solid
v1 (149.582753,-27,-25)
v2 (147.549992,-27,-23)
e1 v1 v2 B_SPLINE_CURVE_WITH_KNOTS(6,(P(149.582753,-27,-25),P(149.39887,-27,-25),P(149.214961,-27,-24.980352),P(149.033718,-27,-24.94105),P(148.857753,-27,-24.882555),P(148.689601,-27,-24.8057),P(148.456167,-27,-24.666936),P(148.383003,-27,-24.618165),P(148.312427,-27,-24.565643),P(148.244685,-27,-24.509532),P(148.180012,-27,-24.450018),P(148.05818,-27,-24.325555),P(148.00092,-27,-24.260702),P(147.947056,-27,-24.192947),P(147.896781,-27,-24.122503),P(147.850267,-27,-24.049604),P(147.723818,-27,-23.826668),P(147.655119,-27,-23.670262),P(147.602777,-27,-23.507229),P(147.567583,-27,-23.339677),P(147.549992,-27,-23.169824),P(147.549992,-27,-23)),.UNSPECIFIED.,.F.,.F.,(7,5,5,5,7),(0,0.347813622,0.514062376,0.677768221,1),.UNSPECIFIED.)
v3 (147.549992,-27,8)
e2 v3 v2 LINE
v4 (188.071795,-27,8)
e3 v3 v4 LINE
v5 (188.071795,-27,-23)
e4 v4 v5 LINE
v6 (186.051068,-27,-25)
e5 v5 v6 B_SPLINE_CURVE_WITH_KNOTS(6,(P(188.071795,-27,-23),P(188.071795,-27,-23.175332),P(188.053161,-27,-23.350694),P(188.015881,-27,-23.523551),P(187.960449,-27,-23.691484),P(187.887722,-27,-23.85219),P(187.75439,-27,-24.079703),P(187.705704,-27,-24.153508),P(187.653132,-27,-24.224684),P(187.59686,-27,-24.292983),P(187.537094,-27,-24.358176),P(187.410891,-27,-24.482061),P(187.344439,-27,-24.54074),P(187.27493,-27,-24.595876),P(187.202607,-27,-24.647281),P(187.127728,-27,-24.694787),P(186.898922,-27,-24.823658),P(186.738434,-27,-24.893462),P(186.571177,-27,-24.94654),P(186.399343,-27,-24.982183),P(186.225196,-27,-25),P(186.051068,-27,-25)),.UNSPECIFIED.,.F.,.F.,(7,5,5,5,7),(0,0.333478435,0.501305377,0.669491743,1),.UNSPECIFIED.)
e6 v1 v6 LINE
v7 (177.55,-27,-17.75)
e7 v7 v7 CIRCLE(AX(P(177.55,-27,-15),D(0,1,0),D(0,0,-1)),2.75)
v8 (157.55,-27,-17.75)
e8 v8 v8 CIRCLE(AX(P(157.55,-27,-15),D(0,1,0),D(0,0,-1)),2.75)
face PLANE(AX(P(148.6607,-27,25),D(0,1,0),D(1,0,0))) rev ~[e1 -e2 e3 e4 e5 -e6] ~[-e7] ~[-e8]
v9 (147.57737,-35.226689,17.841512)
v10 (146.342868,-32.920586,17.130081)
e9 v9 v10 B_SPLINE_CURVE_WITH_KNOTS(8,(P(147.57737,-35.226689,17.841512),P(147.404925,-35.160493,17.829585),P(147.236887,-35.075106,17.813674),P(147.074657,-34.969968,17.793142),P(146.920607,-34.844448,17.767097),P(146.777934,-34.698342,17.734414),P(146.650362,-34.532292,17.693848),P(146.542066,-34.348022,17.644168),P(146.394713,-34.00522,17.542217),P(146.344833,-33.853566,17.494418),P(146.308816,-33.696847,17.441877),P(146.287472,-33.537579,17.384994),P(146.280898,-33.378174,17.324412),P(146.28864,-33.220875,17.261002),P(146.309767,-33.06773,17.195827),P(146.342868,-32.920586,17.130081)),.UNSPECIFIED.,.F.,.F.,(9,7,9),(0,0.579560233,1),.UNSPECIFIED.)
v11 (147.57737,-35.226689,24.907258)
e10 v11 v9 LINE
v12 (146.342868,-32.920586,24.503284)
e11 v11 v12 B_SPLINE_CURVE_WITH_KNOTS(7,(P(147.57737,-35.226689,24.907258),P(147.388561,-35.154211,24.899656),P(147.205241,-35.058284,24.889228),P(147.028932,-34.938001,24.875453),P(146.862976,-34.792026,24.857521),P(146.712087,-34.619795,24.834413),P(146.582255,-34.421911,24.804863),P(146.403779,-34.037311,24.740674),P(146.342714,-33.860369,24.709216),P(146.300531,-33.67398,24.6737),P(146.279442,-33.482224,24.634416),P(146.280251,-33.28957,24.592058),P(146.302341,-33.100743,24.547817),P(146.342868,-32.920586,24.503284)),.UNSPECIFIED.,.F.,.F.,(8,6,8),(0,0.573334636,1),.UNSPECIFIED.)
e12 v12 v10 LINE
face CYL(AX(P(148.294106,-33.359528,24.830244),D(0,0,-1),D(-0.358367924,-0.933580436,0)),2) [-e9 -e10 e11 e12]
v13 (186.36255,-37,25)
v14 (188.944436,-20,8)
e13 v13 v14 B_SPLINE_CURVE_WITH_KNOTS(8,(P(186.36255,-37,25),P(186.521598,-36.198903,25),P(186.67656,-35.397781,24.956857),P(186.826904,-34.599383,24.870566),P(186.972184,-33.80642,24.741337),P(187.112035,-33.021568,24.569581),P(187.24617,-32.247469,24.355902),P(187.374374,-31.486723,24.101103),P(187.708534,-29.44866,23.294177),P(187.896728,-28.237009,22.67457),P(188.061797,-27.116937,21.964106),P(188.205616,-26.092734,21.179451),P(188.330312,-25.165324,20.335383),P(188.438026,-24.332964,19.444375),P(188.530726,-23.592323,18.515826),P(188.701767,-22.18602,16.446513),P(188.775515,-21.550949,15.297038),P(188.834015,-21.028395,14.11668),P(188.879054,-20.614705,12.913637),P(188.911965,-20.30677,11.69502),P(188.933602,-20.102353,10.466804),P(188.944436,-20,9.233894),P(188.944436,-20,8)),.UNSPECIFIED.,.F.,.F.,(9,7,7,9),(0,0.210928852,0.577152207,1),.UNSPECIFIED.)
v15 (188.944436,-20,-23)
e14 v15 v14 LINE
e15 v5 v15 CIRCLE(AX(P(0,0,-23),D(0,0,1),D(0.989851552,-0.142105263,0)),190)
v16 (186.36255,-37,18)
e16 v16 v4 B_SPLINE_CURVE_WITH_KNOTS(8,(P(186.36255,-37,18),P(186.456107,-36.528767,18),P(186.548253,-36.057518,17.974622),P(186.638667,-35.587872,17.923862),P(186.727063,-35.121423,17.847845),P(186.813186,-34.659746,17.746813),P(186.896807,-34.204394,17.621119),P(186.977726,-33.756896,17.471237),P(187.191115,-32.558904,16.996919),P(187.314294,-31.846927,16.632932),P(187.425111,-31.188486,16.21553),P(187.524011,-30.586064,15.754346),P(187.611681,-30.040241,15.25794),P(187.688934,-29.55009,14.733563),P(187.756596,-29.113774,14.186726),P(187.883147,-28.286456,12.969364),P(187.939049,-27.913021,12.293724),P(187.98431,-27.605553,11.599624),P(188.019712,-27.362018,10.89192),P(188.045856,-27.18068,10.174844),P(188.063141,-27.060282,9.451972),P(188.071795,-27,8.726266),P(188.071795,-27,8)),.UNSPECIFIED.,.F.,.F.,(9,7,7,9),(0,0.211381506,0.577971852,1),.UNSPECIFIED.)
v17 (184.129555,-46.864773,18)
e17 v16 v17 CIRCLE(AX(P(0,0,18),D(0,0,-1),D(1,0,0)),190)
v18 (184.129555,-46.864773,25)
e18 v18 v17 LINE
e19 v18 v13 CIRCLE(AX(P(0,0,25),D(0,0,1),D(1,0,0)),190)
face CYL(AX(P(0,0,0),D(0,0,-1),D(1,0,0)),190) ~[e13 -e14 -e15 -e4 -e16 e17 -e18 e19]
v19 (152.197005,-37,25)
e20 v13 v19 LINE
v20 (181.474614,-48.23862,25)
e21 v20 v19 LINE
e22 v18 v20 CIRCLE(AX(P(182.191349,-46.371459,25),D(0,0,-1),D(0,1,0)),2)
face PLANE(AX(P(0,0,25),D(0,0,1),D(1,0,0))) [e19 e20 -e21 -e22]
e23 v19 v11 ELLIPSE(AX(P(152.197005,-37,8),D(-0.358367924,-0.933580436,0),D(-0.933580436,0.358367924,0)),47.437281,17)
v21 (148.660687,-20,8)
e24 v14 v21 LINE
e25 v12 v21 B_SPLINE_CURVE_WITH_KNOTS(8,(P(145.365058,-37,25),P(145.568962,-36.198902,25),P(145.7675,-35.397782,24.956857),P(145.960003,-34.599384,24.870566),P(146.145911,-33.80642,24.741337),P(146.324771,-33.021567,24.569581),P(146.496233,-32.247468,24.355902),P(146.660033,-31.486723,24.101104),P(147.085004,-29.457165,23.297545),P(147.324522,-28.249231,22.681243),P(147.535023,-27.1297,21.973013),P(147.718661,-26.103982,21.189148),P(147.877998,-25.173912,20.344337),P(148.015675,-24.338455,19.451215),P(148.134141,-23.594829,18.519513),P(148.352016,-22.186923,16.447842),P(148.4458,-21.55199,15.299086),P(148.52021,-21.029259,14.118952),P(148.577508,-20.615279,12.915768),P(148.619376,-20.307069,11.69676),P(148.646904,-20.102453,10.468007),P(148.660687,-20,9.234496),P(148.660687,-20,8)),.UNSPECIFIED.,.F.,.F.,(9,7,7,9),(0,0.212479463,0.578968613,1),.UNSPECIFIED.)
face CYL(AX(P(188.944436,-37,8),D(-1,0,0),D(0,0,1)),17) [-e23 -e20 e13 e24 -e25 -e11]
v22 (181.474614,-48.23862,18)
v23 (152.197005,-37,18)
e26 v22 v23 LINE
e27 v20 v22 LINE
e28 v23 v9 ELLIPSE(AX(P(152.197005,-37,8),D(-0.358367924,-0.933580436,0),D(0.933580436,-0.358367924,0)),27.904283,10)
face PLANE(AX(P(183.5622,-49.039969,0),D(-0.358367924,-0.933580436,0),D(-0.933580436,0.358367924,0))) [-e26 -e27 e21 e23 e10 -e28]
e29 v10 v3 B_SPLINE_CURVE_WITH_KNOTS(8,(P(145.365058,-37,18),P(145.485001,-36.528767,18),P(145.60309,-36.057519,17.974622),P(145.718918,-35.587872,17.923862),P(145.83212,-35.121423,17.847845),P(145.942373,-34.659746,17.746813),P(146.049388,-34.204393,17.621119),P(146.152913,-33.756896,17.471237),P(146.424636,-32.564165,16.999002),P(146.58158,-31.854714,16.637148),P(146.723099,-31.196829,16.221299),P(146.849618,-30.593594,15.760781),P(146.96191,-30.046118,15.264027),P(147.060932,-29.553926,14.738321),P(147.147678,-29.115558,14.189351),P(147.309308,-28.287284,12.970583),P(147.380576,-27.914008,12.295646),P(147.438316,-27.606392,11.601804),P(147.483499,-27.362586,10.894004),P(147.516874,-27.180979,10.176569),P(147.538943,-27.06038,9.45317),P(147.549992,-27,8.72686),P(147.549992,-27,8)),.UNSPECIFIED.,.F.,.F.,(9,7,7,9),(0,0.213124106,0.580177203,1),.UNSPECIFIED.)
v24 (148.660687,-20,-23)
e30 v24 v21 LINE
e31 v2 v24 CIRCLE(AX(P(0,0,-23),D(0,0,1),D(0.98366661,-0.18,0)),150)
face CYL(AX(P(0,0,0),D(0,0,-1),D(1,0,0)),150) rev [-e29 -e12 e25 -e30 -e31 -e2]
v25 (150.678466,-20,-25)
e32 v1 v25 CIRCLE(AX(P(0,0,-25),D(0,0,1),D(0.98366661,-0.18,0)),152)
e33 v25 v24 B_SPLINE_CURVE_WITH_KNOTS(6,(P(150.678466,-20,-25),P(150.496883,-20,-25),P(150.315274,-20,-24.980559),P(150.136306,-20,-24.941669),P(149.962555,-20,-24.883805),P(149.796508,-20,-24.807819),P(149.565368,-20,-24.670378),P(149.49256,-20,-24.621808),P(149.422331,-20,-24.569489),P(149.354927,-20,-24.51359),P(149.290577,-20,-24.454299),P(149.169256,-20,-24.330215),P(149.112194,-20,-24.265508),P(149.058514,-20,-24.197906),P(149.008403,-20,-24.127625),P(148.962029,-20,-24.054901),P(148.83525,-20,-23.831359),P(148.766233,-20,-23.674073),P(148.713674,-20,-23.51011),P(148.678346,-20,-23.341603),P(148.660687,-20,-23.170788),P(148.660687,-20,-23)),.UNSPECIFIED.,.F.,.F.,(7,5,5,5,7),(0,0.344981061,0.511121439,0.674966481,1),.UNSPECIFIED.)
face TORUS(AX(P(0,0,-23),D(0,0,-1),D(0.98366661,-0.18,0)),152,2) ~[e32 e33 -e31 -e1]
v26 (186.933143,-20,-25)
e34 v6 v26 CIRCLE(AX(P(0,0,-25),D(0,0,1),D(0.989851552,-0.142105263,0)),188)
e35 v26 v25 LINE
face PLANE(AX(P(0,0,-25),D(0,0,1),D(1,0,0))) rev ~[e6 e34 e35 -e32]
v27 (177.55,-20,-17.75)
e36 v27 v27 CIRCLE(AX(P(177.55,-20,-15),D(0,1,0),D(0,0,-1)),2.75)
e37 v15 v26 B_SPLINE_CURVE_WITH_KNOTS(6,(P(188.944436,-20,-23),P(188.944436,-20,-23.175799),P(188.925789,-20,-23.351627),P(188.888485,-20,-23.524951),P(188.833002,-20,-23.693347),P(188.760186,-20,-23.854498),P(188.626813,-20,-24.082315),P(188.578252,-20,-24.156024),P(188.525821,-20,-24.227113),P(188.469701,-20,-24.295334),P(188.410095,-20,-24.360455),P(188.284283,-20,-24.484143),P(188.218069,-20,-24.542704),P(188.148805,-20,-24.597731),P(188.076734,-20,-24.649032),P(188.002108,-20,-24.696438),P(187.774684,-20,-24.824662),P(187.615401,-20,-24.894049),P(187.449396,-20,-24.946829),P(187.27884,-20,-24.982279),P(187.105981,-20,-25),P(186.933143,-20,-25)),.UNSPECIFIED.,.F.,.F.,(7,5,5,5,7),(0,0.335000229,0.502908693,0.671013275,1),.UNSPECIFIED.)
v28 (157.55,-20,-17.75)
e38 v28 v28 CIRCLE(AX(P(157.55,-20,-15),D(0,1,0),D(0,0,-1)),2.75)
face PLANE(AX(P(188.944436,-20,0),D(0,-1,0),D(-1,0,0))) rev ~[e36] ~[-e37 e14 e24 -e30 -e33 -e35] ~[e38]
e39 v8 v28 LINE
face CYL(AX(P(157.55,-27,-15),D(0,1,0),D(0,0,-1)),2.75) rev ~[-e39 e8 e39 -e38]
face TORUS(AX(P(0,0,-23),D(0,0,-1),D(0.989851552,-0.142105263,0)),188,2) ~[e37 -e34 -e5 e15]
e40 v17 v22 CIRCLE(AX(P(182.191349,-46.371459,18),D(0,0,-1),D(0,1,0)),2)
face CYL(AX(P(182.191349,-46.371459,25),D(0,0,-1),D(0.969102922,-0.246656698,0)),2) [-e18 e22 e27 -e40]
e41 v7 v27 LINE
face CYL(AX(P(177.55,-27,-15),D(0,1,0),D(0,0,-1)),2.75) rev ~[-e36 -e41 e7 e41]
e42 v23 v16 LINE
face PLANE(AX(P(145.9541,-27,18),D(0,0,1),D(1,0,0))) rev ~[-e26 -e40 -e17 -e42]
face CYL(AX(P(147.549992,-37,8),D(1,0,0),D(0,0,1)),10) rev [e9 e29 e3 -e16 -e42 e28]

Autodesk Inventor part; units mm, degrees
ref_plane "YZ Plane" through (0, 0, 0) normal (1, 0, 0) x (0, 1, 0)
ref_plane "XZ Plane" through (0, 0, 0) normal (0, 1, 0) x (-1, 0, 0)
ref_plane "XY Plane" through (0, 0, 0) normal (0, 0, 1) x (1, 0, 0)
sketch "スケッチ1" plane through (0, 0, 0) normal (0, 0, 1) x (1, 0, 0)
  line L0 (0, 0) -> (410.7754, -157.6819) construction
  line L1 (0, 0) -> (440, 0) construction
  line L2 (460, -20) -> (-20, -20)
  line L3 (-20, -20) -> (-20, 20) construction
  line L4 (-20, 20) -> (460, 20) construction
  line L5 (460, 20) -> (460, -20) construction
  line L6 (460, -20) -> (-20, 20) construction
  line L7 (-20, -20) -> (460, 20) construction
  line L8 (-25.839, -11.5042) -> (422.2796, -183.5209) construction
  line L9 (422.2796, -183.5209) -> (436.6144, -146.1776) construction
  line L10 (436.6144, -146.1776) -> (-11.5042, 25.839)
  line L11 (-11.5042, 25.839) -> (-25.839, -11.5042) construction
  line L12 (-25.839, -11.5042) -> (436.6144, -146.1776) construction
  line L13 (422.2796, -183.5209) -> (-11.5042, 25.839) construction
  circle A0 centre (0, 0) radius 150
  circle A1 centre (0, 0) radius 190
  point P0 (220, 0)
  point P1 (205.3877, -78.8409)
  point P2 (183.5622, -49.04)
  point P3 (188.9444, -20)
  point P4 (148.6607, -20)
  point P5 (145.9541, -34.6036)
  dimension "d0" = 159
  dimension "d1" = 440
  dimension "d2" = 440
  dimension "d3" = 40
  dimension "d4" = 480
  dimension "d5" = 480
  dimension "d6" = 40
  dimension "d7" = 20
  dimension "d8" = 300
  dimension "d30" = 40
extrude "押し出し1" add sketch "スケッチ1" along normal mid plane 50 contours A1 L10 A0 L2 picked at (173.5094, -32.9975)
ref_plane "作業平面1" through (148.6607, -27, 25) normal (0, 1, 0) x (1, 0, 0)
sketch "スケッチ2" plane through (148.6607, -27, 25) normal (0, 1, 0) x (1, 0, 0)
  line L0 (-2.7066, 7) -> (40.2837, 7)
  line L1 (40.2837, 7) -> (40.2837, 50)
  line L2 (40.2837, 50) -> (-2.7066, 50)
  line L3 (-2.7066, 50) -> (-2.7066, 7)
  line L4 (40.2837, 0) -> (0, 0) projected
  line L5 (-2.7066, 50) -> (0, 50) projected
  line L6 (40.2837, 50) -> (34.9015, 50) projected
  point P0 (-148.6607, 25)
  dimension "d13" = 7
extrude "押し出し2" cut sketch "スケッチ2" against normal blind 50
fillet "フィレット1" radius 10 1 edges at (167.8109, -27, 18)
fillet "フィレット2" radius 17 1 edges at (168.8026, -20, 25)
fillet "フィレット3" radius 2 2 edges at (183.5622, -49.04, 21.5) (145.9541, -34.6036, 21.2694)
fillet "フィレット4" radius 2 2 edges at (188.5406, -23.5041, -25) (148.1467, -23.5066, -25)
sketch "スケッチ3" plane through (148.6607, -27, 25) normal (0, -1, 0) x (1, 0, 0)
  line L0 (37.3904, -50) -> (-1.1107, -50) projected
  line L1 (-1.1107, -50) -> (-1.1107, -17) projected
  point P0 (-148.6607, -25)
  point P1 (8.8893, -40)
  point P2 (0.9221, -50)
  point P3 (-1.1107, -48)
  point P4 (50.415, -50)
  point P5 (28.8893, -40)
  dimension "d20" = 10
  dimension "d21" = 10
  dimension "d29" = 20
hole "穴1" at (157.55, -27, -15) at (177.55, -27, -15) direction (0, 1, 0) diameter 5.5 end through all clearance for "Flat Head Machine Screw" size "M5" standard "Ansi Metric M Profile"
properties part number "scara-base28" material "ABS プラスチック"
